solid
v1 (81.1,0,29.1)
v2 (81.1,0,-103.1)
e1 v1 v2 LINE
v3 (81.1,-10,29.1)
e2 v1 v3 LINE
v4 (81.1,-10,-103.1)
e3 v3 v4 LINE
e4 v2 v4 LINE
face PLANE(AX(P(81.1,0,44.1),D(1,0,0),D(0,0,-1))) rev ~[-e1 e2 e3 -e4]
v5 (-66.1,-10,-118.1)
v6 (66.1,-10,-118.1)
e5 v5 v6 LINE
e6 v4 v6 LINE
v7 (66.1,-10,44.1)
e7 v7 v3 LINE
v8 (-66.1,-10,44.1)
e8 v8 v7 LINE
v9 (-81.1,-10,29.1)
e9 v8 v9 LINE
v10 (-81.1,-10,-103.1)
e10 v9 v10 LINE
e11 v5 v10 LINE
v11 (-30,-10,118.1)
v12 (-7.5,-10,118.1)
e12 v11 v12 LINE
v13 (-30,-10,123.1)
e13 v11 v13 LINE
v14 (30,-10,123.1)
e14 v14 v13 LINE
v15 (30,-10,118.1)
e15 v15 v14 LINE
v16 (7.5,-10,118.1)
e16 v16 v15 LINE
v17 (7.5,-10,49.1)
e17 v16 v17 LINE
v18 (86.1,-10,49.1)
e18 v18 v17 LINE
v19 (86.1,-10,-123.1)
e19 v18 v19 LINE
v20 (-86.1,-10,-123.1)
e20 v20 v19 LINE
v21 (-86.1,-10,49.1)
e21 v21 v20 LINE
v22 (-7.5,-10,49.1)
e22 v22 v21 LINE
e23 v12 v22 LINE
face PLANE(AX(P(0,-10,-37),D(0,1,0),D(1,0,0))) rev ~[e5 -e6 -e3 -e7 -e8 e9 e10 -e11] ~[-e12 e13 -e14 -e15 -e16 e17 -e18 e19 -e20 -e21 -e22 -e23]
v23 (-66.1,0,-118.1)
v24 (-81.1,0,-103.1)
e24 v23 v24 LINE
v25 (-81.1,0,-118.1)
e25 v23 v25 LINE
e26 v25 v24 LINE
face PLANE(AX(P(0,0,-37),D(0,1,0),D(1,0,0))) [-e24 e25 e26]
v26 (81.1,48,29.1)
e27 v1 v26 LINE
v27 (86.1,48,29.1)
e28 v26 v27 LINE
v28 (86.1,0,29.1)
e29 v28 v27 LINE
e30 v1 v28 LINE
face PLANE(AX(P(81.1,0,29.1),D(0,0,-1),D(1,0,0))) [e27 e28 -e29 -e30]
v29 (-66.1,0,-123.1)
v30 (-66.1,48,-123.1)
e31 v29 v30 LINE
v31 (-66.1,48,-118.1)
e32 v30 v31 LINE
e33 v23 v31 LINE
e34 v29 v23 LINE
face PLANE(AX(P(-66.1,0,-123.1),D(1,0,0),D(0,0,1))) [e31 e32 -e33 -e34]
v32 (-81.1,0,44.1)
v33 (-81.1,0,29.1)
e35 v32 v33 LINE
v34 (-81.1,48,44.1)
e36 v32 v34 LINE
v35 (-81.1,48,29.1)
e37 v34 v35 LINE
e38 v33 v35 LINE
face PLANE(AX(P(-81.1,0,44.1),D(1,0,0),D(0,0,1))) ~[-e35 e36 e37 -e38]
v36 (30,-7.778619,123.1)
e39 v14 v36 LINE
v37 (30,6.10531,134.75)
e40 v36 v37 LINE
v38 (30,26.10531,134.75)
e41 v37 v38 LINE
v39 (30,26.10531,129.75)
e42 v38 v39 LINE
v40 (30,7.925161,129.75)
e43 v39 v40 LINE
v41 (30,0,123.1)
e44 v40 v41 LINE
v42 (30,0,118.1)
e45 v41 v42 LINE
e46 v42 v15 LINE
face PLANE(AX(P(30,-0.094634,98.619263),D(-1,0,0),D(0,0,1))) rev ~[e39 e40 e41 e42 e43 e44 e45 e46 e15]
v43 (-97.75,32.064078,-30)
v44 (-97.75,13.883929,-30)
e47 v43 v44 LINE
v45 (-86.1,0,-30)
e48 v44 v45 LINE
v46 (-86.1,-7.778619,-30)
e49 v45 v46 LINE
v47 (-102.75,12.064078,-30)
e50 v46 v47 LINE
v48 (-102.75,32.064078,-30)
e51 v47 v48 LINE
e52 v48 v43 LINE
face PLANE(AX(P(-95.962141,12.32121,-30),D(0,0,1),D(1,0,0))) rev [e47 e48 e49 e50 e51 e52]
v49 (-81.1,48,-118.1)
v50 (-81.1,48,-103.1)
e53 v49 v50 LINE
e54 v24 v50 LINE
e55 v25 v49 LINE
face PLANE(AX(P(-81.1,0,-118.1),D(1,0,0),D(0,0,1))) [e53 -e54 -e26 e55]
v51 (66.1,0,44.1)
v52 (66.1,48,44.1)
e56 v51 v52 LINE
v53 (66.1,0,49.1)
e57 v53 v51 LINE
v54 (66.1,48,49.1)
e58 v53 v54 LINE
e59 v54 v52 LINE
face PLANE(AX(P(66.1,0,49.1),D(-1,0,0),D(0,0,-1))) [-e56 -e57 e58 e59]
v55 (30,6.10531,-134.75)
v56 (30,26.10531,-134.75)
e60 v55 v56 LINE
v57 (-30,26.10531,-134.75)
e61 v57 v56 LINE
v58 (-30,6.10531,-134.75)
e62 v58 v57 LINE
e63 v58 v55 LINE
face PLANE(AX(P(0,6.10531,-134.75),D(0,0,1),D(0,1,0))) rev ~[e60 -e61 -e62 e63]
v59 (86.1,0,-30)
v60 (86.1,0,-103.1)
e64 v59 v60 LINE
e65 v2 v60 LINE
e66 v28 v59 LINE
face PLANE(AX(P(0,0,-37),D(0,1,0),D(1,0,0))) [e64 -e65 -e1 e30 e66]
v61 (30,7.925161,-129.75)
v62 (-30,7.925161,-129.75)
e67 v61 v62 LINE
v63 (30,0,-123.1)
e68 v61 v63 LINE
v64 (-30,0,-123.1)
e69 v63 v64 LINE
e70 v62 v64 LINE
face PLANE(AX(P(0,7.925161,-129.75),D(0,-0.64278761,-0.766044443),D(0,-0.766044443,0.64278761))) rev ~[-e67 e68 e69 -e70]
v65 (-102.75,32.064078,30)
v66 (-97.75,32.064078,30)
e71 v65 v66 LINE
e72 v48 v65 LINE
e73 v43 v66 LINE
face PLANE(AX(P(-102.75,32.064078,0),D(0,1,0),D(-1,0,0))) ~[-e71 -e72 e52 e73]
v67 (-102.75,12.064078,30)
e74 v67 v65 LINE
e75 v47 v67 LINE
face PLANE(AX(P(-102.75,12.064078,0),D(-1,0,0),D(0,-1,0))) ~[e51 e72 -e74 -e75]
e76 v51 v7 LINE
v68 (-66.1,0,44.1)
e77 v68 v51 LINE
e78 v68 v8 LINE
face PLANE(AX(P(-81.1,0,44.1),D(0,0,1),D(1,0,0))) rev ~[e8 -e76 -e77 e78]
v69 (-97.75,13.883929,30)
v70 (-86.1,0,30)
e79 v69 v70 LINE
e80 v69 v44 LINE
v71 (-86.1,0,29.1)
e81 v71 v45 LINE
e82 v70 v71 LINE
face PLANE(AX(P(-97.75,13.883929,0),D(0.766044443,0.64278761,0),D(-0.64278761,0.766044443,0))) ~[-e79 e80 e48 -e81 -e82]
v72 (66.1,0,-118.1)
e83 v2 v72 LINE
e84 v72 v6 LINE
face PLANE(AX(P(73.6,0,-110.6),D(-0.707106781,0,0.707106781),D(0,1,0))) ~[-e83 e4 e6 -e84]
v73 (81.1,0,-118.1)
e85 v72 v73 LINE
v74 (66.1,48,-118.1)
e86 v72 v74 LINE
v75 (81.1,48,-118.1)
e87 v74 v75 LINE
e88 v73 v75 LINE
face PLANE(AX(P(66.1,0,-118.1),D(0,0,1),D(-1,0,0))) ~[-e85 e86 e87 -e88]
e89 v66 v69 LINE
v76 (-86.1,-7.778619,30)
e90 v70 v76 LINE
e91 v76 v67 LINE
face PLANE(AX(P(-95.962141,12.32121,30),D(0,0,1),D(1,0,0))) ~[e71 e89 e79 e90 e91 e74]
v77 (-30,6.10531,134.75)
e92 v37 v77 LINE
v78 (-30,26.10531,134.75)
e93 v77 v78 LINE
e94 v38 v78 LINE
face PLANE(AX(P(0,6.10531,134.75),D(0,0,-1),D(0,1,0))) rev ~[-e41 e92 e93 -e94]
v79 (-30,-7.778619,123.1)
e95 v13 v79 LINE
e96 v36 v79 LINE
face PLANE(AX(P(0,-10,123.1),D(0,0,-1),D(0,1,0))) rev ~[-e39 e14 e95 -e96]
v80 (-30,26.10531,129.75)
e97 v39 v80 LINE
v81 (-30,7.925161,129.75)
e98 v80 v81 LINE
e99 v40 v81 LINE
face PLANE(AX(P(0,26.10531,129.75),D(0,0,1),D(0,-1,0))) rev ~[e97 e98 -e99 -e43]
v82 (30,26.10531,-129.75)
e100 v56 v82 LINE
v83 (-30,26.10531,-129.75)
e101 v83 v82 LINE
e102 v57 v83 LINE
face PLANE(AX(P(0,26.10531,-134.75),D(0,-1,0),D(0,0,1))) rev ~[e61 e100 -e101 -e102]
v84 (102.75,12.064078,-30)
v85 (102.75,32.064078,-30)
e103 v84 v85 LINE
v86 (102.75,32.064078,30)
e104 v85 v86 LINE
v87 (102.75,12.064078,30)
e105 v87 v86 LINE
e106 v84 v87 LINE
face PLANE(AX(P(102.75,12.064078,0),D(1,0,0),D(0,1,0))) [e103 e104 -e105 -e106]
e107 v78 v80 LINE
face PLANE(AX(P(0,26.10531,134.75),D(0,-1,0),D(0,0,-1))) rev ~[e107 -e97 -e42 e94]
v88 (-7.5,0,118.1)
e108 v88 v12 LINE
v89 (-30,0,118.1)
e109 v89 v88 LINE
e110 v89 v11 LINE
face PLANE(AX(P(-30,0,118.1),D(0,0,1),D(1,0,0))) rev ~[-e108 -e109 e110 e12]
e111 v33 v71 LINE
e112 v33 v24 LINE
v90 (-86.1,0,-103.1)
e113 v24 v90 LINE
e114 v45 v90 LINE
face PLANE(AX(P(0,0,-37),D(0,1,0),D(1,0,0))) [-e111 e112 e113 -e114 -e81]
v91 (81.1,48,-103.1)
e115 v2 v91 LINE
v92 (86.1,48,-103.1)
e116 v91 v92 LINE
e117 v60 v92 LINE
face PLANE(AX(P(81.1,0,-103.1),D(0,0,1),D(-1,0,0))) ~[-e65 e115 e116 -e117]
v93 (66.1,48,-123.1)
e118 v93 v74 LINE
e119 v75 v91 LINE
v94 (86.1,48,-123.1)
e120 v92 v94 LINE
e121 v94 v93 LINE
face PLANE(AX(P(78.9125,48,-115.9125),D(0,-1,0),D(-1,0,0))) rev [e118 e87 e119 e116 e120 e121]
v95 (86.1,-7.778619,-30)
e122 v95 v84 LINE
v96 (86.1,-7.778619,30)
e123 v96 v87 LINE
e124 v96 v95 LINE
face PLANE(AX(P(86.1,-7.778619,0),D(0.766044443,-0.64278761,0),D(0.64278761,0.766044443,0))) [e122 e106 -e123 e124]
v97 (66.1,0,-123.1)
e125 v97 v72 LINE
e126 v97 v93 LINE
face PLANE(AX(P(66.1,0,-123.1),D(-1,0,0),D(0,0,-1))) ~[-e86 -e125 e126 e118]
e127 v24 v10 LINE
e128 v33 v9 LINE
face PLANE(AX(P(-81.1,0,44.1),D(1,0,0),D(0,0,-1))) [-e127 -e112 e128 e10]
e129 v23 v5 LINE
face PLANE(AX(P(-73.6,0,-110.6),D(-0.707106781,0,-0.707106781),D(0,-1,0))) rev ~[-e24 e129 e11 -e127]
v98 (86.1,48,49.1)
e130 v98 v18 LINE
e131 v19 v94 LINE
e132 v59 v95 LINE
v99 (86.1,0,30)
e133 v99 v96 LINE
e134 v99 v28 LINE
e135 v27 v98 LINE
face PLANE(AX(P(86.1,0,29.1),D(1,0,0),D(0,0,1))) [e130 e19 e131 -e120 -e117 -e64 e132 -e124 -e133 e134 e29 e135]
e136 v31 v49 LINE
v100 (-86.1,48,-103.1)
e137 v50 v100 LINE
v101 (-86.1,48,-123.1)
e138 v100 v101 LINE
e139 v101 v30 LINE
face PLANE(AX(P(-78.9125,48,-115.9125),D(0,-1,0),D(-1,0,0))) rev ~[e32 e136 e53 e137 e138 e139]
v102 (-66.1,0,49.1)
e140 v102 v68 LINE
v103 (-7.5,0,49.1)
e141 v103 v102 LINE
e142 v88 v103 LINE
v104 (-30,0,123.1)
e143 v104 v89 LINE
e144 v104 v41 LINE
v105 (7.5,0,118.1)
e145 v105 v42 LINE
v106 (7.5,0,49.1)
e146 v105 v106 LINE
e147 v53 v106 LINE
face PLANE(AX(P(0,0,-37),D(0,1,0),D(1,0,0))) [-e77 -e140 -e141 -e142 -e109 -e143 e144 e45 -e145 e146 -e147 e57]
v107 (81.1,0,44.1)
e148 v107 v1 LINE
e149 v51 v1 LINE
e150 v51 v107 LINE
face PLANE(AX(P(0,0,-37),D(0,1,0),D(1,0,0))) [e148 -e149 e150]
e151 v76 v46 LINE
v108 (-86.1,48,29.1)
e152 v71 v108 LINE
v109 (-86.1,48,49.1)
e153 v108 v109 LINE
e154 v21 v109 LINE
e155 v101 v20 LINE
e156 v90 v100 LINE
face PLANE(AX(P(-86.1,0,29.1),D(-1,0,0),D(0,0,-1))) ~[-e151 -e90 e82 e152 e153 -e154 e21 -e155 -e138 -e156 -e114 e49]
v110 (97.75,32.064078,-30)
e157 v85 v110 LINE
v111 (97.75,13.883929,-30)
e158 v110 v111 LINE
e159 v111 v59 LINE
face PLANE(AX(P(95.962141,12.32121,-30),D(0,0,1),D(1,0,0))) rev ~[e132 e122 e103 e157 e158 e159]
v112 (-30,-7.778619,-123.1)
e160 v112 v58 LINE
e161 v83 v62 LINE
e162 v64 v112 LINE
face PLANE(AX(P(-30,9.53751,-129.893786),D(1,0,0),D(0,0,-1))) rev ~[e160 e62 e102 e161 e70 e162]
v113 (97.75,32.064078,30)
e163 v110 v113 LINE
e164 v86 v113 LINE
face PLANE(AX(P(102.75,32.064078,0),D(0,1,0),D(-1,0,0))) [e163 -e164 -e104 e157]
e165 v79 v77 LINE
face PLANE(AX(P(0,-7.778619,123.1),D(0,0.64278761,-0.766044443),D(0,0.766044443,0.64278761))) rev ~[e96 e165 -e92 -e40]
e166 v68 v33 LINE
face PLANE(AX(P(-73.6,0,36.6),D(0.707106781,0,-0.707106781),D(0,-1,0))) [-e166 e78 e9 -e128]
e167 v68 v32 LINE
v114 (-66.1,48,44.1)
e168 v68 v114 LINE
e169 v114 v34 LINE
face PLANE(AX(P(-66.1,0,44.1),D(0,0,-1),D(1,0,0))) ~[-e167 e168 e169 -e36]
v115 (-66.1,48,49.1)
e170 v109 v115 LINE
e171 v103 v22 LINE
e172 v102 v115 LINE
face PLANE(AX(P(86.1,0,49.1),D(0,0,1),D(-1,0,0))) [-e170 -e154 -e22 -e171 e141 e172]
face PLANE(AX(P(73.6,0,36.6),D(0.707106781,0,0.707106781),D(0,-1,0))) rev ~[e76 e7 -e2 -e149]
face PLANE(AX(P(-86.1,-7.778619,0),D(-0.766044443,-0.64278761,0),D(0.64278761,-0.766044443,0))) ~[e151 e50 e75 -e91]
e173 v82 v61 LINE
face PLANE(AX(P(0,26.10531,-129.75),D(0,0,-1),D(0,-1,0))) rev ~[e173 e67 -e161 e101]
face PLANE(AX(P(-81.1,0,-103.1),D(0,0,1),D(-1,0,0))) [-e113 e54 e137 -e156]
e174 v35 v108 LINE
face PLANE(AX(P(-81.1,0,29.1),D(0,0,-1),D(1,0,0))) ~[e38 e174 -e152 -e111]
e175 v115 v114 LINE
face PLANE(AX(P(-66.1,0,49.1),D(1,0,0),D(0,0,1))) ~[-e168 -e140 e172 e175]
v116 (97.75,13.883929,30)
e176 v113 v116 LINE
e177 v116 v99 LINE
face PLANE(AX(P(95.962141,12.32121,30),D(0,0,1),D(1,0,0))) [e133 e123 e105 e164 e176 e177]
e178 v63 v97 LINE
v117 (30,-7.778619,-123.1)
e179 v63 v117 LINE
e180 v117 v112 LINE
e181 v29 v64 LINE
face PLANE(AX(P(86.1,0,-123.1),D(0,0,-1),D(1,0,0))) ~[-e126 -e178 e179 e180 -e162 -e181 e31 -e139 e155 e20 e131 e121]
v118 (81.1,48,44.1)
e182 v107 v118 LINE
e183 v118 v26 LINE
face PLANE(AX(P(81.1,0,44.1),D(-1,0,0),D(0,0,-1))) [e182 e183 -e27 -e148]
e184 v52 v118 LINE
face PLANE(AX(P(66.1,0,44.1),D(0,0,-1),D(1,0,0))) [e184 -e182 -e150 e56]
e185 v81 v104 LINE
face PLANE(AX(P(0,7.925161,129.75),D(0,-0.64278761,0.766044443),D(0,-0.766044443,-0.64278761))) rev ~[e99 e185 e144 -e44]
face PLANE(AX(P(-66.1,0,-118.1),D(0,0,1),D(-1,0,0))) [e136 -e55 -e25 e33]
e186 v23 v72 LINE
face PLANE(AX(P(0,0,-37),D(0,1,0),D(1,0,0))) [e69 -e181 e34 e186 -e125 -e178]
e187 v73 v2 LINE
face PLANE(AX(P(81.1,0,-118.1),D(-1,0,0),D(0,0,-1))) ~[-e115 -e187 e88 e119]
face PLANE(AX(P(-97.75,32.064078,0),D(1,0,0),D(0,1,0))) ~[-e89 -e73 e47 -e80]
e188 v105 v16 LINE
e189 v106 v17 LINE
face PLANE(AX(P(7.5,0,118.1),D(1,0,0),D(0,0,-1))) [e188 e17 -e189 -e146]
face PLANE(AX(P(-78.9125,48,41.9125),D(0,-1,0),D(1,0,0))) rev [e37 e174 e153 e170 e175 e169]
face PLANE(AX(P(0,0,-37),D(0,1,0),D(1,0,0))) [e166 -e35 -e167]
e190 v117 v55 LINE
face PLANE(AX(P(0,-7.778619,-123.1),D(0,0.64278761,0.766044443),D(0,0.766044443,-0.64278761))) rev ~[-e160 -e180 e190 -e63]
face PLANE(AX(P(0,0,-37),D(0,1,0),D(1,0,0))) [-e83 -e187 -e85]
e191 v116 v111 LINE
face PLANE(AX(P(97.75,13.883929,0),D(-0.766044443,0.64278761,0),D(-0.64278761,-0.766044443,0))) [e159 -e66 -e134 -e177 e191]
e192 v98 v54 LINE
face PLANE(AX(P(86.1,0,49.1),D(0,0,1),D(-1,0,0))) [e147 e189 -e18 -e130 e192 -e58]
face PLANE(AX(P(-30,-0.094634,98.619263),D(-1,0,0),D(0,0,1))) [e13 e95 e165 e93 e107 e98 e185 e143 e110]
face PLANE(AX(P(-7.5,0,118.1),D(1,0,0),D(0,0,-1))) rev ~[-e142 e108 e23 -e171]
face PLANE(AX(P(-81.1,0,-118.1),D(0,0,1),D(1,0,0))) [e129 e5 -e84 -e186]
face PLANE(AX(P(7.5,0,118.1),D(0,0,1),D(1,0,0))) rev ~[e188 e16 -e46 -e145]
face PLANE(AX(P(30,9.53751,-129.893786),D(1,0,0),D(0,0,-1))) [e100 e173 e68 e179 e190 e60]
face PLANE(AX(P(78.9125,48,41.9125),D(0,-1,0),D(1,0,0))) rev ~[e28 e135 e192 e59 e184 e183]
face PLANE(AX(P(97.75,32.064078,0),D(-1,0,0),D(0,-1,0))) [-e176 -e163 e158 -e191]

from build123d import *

# Parameters (mm, degrees)
SKETCH1_W                                    = 172.2
SKETCH1_H                                    = 172.2
SKETCH1_W_2                                  = 162.2
SKETCH1_H_2                                  = 162.2
BASE_DEPTH                                   = 10
LEDGES_SIZE                                  = 15
POST_DEPTH                                   = 48
MIRRORED_POSTS_AT_THE_SECOND_PLANE_C_2_DEPTH = 48
SIDE_ARM_DEPTH                               = 30
TOP_BOTTOM_ARMS_DEPTH                        = 30
SKETCH9_W                                    = 22.5
SKETCH9_H                                    = 69
BOTTOM_ARM_CUTOUT_DEPTH                      = 177.122471593


with BuildPart() as part:
    # Sketch1 → base (new body)
    with BuildSketch(Plane(origin=(0, 0, 0), x_dir=(1, 0, 0), z_dir=(0, 1, 0))):
        with Locations((0, 37)):
            Rectangle(SKETCH1_W, SKETCH1_H)
        with Locations((0, 37)):
            Rectangle(SKETCH1_W_2, SKETCH1_H_2, mode=Mode.SUBTRACT)
    extrude(amount=-BASE_DEPTH)

    # ledges
    ledges_edges = [part.edges().sort_by_distance(p)[0] for p in [
        (-81.1, -5, 44.1),
        (-81.1, -5, -118.1),
        (81.1, -5, -118.1),
        (81.1, -5, 44.1),
    ]]
    chamfer(ledges_edges, length=LEDGES_SIZE)

    # Sketch2 → post (add)
    with BuildSketch(Plane(origin=(0, 0, 0), x_dir=(1, 0, 0), z_dir=(0, 1, 0))):
        Polygon((-81.1, 103.1), (-86.1, 103.1), (-86.1, 123.1), (-66.1, 123.1), (-66.1, 118.1), (-81.1, 118.1), align=None)
    post = extrude(amount=POST_DEPTH)

    # mirrored-posts: post across plane
    add(post.mirror(Plane.XY.offset(-37)))

    # mirrored-posts at the second plane: post across plane
    add(post.mirror(Plane(origin=(0, 0, 0), x_dir=(0, 0, 1), z_dir=(1, 0, 0))))

    # mirrored-posts at the second plane copy → mirrored-posts at the second plane c 2 (add)
    with BuildSketch(Plane(origin=(0, 0, -74), x_dir=(-1, 0, 0), z_dir=(0, 1, 0))):
        Polygon((-81.1, 103.1), (-86.1, 103.1), (-86.1, 123.1), (-66.1, 123.1), (-66.1, 118.1), (-81.1, 118.1), align=None)
    extrude(amount=MIRRORED_POSTS_AT_THE_SECOND_PLANE_C_2_DEPTH)

    # Sketch7 → side-arm (add, symmetric)
    with BuildSketch(Plane.XY):
        Polygon((86.1, -7.778619134), (102.75, 12.064078182), (102.75, 32.064078182), (97.75, 32.064078182), (97.75, 13.883929354), (86.1, 0), align=None)
    side_arm = extrude(amount=SIDE_ARM_DEPTH, both=True)

    # side-arm-mirrored: side-arm across plane
    add(side_arm.mirror(Plane(origin=(0, 0, 0), x_dir=(0, 0, 1), z_dir=(1, 0, 0))))

    # Sketch8 → top-bottom-arms (add, symmetric)
    with BuildSketch(Plane(origin=(0, 0, 0), x_dir=(0, 0, -1), z_dir=(1, 0, 0))):
        Polygon((123.1, -7.778619134), (134.75, 6.105310219), (134.75, 26.105310219), (129.75, 26.105310219), (129.75, 7.925161391), (123.1, 0), align=None)
        Polygon((-49.1, -10), (-123.1, -10), (-123.1, -7.778619134), (-134.75, 6.105310219), (-134.75, 26.105310219), (-129.75, 26.105310219), (-129.75, 7.925161391), (-123.1, 0), (-49.1, 0), align=None)
    extrude(amount=TOP_BOTTOM_ARMS_DEPTH, both=True)

    # Sketch9 → bottom-arm-cutout (cut, through all)
    with BuildSketch(Plane(origin=(0, 0, 0), x_dir=(1, 0, 0), z_dir=(0, 1, 0))):
        with Locations((-18.75, -83.6)):
            Rectangle(SKETCH9_W, SKETCH9_H)
        with Locations((18.75, -83.6)):
            Rectangle(SKETCH9_W, SKETCH9_H)
    extrude(amount=-BOTTOM_ARM_CUTOUT_DEPTH, mode=Mode.SUBTRACT)


solid = part.part
